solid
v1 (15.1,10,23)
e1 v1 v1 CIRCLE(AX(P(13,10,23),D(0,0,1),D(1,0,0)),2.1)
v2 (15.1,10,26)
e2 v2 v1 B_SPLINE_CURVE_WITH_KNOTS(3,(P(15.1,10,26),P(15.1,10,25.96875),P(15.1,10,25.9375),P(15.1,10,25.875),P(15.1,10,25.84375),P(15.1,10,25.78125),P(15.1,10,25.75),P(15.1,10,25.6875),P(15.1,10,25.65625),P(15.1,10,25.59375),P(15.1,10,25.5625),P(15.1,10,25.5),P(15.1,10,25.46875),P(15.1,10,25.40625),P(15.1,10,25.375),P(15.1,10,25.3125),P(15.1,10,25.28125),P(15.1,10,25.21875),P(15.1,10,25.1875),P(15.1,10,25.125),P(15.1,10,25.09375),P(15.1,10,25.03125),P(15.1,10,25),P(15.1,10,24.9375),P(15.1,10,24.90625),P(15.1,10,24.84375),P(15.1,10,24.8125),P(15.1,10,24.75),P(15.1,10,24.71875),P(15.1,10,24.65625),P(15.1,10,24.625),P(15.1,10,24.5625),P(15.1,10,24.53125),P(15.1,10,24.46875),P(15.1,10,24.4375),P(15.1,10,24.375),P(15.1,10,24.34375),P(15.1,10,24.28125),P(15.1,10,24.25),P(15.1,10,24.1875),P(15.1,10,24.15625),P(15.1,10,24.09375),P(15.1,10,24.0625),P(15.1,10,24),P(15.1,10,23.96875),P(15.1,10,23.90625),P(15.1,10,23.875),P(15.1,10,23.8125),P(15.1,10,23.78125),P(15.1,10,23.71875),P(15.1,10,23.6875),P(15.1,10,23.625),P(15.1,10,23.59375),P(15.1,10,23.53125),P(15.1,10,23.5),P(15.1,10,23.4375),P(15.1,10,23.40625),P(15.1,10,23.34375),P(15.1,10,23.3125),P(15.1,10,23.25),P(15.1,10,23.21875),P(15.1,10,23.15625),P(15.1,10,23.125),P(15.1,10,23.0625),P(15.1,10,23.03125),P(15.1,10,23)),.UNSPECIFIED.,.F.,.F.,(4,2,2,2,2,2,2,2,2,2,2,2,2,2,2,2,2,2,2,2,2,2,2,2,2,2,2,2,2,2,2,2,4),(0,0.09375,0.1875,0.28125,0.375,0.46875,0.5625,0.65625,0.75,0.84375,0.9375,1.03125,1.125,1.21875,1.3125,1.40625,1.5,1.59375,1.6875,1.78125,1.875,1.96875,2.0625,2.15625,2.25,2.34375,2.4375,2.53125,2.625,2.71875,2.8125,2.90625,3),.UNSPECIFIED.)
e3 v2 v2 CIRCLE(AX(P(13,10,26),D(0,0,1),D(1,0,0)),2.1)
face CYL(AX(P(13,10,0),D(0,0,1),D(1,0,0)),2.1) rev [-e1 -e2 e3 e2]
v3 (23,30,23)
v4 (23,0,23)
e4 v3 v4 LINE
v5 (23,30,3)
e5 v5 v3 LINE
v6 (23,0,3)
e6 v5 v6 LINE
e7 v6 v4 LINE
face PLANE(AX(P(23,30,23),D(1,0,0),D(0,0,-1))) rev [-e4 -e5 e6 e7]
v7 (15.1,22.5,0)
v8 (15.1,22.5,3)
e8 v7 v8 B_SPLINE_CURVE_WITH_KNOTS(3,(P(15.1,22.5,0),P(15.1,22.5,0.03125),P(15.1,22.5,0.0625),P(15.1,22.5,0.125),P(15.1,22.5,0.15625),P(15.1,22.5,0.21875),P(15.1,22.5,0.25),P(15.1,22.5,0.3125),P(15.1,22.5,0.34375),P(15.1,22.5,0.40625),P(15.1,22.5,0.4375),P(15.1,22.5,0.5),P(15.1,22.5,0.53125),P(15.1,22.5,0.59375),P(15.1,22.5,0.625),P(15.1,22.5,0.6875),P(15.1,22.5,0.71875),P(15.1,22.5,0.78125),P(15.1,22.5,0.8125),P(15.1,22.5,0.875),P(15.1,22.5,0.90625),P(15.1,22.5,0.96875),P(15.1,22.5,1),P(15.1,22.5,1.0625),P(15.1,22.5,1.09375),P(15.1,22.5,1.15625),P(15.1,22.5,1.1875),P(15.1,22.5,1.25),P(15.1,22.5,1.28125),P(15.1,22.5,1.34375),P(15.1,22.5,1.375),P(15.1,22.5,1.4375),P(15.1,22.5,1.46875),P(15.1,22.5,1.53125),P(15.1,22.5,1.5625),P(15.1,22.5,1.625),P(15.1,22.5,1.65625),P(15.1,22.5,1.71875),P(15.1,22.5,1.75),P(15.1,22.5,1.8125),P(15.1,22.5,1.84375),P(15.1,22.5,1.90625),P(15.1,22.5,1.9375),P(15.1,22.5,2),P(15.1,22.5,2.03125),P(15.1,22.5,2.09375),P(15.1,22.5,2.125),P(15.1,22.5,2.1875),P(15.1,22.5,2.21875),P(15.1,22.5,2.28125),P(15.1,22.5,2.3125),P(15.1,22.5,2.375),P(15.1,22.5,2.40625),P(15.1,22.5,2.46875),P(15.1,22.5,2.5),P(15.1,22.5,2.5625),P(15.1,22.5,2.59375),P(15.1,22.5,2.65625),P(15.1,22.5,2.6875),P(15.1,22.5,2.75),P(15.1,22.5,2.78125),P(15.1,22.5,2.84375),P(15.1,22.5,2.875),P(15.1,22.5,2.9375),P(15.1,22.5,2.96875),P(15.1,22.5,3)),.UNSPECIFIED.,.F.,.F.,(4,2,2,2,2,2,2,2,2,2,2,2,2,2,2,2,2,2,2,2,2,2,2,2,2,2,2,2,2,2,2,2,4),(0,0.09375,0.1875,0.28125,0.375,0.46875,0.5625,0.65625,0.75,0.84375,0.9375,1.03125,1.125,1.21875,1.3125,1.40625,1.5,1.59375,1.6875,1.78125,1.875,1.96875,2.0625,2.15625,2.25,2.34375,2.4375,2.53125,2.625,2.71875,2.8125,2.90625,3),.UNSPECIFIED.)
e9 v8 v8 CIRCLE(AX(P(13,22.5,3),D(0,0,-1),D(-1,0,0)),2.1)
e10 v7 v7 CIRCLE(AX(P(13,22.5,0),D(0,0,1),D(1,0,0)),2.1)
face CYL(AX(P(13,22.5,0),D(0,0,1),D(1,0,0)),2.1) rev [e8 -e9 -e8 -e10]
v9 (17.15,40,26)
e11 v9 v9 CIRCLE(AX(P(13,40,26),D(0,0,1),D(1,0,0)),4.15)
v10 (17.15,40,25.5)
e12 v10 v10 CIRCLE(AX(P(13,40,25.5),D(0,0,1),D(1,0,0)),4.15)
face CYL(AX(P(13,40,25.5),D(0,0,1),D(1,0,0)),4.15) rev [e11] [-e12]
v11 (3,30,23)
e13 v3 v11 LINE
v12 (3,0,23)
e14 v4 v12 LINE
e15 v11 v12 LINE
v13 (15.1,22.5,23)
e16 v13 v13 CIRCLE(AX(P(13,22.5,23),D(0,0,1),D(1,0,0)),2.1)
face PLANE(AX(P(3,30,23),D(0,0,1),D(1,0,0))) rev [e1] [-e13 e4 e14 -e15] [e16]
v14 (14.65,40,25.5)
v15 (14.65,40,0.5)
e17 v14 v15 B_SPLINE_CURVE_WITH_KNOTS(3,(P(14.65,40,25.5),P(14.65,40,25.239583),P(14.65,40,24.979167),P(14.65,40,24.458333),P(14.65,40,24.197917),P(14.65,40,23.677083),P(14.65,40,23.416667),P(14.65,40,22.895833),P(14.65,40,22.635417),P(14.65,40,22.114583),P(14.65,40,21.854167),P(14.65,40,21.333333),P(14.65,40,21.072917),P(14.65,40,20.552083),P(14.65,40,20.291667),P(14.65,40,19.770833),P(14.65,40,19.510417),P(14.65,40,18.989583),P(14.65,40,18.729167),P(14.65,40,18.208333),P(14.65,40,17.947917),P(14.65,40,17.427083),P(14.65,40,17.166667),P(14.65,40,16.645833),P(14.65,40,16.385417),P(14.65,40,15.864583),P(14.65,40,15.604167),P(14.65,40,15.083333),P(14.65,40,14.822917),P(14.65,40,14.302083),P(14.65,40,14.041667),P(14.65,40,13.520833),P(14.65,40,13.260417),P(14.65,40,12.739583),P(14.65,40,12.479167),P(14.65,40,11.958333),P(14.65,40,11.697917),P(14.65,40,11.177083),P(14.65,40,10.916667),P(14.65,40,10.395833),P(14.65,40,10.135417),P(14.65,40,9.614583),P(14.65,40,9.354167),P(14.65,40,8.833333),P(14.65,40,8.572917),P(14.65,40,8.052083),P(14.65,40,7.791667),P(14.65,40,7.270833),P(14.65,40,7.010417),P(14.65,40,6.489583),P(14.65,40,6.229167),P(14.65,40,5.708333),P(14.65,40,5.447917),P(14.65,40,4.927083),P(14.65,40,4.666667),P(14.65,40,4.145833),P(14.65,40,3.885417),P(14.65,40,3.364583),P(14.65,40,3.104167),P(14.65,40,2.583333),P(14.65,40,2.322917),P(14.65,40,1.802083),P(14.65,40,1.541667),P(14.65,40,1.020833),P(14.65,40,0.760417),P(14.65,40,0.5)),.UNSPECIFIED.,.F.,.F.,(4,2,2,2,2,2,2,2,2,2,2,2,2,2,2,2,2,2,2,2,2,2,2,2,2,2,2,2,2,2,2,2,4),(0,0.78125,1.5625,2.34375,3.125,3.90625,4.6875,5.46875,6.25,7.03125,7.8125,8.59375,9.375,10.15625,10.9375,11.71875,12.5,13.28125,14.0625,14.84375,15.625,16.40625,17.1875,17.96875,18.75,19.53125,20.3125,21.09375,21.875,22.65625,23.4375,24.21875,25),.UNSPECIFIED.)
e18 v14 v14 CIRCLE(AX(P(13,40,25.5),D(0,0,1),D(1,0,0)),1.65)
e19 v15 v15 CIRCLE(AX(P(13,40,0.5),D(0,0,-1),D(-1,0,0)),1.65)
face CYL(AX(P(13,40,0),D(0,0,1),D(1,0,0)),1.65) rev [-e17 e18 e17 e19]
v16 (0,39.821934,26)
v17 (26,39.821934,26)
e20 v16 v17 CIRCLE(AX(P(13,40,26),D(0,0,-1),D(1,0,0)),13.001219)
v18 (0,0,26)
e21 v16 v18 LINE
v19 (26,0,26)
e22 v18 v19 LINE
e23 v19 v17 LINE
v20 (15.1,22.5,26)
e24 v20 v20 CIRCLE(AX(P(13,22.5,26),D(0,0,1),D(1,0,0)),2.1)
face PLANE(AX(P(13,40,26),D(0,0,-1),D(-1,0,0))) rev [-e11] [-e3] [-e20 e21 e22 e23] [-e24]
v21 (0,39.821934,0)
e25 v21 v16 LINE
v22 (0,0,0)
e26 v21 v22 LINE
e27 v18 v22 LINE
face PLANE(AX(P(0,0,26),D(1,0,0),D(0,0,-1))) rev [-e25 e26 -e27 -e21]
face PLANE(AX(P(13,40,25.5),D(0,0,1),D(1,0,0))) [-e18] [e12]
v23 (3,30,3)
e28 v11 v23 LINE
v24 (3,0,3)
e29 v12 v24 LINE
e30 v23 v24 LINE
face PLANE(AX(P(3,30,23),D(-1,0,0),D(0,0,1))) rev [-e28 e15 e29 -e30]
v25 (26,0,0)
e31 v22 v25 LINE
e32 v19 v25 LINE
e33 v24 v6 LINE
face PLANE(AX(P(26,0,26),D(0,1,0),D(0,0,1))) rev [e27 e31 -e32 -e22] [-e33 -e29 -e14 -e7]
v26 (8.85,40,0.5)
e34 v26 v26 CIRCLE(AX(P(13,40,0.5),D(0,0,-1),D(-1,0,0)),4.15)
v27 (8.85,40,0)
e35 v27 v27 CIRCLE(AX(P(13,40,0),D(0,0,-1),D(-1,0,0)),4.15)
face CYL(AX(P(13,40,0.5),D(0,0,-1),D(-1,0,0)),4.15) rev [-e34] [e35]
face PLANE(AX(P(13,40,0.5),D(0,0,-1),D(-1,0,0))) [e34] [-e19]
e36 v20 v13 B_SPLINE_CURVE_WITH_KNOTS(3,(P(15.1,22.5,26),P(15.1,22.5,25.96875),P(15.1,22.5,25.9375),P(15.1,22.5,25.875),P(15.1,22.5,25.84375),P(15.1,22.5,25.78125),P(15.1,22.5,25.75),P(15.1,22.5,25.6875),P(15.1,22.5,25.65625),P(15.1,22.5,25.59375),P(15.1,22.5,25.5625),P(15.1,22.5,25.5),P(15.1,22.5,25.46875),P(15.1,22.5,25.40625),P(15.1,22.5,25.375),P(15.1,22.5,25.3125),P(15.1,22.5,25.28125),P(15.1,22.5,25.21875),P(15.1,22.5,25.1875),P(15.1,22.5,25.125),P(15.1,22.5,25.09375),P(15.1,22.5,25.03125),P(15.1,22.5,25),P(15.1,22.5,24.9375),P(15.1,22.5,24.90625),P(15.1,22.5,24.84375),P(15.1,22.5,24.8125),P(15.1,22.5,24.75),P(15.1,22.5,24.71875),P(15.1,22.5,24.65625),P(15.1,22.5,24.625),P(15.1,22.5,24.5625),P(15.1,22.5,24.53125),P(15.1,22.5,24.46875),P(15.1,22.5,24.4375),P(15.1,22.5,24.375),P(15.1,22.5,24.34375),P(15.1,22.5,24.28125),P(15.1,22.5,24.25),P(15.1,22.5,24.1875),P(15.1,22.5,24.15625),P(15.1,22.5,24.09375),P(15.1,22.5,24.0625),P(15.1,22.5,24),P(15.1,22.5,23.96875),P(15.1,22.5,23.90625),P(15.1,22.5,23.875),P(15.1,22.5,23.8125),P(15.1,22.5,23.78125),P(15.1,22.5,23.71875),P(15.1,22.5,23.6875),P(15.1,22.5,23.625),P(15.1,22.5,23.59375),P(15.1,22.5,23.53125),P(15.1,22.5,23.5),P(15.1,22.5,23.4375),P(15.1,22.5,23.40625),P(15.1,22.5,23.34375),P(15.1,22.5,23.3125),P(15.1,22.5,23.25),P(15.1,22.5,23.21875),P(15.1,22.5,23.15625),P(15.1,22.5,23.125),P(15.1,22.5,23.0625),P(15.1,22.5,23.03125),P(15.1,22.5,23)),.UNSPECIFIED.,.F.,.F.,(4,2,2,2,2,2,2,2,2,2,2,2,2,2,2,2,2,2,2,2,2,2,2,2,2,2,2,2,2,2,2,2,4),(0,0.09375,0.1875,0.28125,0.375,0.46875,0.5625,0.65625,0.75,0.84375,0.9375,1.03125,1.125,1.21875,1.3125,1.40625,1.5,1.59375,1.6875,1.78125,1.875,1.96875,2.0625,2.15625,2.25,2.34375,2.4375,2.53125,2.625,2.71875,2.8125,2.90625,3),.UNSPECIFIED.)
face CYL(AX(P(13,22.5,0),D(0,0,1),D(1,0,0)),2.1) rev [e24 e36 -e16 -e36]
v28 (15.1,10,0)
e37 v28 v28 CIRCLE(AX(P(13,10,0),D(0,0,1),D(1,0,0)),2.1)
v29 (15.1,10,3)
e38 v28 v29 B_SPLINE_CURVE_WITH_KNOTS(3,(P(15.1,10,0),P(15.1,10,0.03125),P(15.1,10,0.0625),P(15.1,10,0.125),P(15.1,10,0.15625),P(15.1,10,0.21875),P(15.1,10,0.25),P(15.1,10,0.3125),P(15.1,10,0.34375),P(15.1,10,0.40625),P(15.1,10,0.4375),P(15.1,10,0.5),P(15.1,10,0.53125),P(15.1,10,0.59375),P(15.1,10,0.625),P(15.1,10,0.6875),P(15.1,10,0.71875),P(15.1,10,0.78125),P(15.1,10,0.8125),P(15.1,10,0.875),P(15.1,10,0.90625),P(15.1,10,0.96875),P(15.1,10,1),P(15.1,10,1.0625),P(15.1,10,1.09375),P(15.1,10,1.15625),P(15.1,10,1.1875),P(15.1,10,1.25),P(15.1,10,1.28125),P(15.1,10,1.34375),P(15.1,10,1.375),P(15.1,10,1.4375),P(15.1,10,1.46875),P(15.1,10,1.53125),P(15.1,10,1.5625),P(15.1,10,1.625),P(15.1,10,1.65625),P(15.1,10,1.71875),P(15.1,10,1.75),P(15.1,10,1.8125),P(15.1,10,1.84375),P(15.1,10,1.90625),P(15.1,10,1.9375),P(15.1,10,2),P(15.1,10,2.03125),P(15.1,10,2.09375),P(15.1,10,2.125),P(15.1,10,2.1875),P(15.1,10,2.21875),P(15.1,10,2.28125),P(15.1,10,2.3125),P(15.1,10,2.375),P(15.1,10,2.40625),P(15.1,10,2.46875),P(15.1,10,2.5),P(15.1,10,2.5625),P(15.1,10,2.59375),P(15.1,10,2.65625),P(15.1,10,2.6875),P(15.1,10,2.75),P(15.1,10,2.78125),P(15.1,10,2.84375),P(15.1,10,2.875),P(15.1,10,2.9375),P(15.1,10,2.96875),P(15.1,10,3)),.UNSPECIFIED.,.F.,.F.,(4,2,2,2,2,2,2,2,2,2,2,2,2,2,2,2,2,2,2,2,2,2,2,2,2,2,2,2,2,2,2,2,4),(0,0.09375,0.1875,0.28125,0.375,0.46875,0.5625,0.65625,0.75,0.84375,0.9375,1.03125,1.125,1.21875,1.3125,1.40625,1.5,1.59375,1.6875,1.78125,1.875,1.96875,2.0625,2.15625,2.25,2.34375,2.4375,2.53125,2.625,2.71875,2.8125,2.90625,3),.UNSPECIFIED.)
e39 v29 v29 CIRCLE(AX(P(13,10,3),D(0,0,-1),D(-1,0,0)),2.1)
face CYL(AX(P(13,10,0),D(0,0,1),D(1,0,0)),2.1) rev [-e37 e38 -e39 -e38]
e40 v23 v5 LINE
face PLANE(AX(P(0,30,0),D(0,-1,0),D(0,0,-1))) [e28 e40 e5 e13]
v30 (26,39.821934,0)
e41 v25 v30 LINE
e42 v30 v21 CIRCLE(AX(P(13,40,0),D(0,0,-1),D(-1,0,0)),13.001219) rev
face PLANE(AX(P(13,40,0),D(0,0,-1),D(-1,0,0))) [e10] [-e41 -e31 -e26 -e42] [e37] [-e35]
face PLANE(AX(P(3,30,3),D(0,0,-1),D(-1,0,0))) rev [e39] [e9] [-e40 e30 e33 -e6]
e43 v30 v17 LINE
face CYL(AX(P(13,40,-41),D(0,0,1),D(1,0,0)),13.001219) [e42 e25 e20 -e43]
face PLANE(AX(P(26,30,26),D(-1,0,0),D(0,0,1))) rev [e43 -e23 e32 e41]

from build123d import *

# Parameters (mm, degrees)
EXTRUDE_1_DEPTH     = 26
SKETCH_3_W          = 20
SKETCH_3_H          = 20
CUT_EXTRUDE_1_DEPTH = 30
SKETCH_4_R          = 1.65
CUT_EXTRUDE_2_DEPTH = 69.713384893
SKETCH_4_3_R        = 4.15
SKETCH_4_3_R_2      = 1.65
CUT_EXTRUDE_3_DEPTH = 0.5
CUT_EXTRUDE_START   = -25.5
SKETCH_4_4_R        = 4.15
SKETCH_4_4_R_2      = 1.65
CUT_EXTRUDE_4_DEPTH = 0.5
SKETCH_5_R          = 2.1
CUT_EXTRUDE_5_DEPTH = 69.713384893
CUT_EXTRUDE_START_2 = -67
CUT_EXTRUDE_6_DEPTH = 67


with BuildPart() as part:
    # 草图2 → 凸台-拉伸1 (new body)
    with BuildSketch(Plane.XY):
        with BuildLine():
            Line((0, 0), (0, 30))
            ThreePointArc((0, 30), (13, 56.401219467), (26, 30))
            Line((26, 30), (26, 0))
            Line((26, 0), (0, 0))
        make_face()
    extrude(amount=EXTRUDE_1_DEPTH)

    # 草图3 → 切除-拉伸1 (cut)
    with BuildSketch(Plane.XZ):
        with Locations((13, 13)):
            Rectangle(SKETCH_3_W, SKETCH_3_H)
    extrude(amount=-CUT_EXTRUDE_1_DEPTH, mode=Mode.SUBTRACT)

    # 草图4 → 切除-拉伸2 (cut, through all)
    with BuildSketch(Plane.XY.offset(26)):
        with Locations((13, 40)):
            Circle(SKETCH_4_R)
    extrude(amount=-CUT_EXTRUDE_2_DEPTH, mode=Mode.SUBTRACT)

    # 草图4<3> → 切除-拉伸3 (cut)
    with BuildSketch(Plane.XY.offset(26)):
        with Locations((13, 40)):
            Circle(SKETCH_4_3_R)
        with Locations((13, 40)):
            Circle(SKETCH_4_3_R_2, mode=Mode.SUBTRACT)
    extrude(amount=-CUT_EXTRUDE_3_DEPTH, mode=Mode.SUBTRACT)

    # 草图4<4> → 切除-拉伸4 (cut)
    with BuildSketch(Plane.XY.offset(26).offset(CUT_EXTRUDE_START)):
        with Locations((13, 40)):
            Circle(SKETCH_4_4_R)
        with Locations((13, 40)):
            Circle(SKETCH_4_4_R_2, mode=Mode.SUBTRACT)
    extrude(amount=-CUT_EXTRUDE_4_DEPTH, mode=Mode.SUBTRACT)

    # 草图5 → 切除-拉伸5 (cut, through all)
    with BuildSketch(Plane.XY.offset(26)):
        with Locations((13, 22.5)):
            Circle(SKETCH_5_R)
        with Locations((13, 10)):
            Circle(SKETCH_5_R)
    extrude(amount=-CUT_EXTRUDE_5_DEPTH, mode=Mode.SUBTRACT)

    # 草图6 → 切除-拉伸6 (cut)
    with BuildSketch(Plane.XY.offset(26).offset(CUT_EXTRUDE_START_2)):
        with BuildLine():
            Line((0, 30), (0, 39.821933649))
            ThreePointArc((0, 39.821933649), (13, 53.001219467), (26, 39.821933649))
            Line((26, 39.821933649), (26, 30))
            ThreePointArc((26, 30), (13, 56.401219467), (0, 30))
        make_face()
    extrude(amount=CUT_EXTRUDE_6_DEPTH, mode=Mode.SUBTRACT)


solid = part.part
